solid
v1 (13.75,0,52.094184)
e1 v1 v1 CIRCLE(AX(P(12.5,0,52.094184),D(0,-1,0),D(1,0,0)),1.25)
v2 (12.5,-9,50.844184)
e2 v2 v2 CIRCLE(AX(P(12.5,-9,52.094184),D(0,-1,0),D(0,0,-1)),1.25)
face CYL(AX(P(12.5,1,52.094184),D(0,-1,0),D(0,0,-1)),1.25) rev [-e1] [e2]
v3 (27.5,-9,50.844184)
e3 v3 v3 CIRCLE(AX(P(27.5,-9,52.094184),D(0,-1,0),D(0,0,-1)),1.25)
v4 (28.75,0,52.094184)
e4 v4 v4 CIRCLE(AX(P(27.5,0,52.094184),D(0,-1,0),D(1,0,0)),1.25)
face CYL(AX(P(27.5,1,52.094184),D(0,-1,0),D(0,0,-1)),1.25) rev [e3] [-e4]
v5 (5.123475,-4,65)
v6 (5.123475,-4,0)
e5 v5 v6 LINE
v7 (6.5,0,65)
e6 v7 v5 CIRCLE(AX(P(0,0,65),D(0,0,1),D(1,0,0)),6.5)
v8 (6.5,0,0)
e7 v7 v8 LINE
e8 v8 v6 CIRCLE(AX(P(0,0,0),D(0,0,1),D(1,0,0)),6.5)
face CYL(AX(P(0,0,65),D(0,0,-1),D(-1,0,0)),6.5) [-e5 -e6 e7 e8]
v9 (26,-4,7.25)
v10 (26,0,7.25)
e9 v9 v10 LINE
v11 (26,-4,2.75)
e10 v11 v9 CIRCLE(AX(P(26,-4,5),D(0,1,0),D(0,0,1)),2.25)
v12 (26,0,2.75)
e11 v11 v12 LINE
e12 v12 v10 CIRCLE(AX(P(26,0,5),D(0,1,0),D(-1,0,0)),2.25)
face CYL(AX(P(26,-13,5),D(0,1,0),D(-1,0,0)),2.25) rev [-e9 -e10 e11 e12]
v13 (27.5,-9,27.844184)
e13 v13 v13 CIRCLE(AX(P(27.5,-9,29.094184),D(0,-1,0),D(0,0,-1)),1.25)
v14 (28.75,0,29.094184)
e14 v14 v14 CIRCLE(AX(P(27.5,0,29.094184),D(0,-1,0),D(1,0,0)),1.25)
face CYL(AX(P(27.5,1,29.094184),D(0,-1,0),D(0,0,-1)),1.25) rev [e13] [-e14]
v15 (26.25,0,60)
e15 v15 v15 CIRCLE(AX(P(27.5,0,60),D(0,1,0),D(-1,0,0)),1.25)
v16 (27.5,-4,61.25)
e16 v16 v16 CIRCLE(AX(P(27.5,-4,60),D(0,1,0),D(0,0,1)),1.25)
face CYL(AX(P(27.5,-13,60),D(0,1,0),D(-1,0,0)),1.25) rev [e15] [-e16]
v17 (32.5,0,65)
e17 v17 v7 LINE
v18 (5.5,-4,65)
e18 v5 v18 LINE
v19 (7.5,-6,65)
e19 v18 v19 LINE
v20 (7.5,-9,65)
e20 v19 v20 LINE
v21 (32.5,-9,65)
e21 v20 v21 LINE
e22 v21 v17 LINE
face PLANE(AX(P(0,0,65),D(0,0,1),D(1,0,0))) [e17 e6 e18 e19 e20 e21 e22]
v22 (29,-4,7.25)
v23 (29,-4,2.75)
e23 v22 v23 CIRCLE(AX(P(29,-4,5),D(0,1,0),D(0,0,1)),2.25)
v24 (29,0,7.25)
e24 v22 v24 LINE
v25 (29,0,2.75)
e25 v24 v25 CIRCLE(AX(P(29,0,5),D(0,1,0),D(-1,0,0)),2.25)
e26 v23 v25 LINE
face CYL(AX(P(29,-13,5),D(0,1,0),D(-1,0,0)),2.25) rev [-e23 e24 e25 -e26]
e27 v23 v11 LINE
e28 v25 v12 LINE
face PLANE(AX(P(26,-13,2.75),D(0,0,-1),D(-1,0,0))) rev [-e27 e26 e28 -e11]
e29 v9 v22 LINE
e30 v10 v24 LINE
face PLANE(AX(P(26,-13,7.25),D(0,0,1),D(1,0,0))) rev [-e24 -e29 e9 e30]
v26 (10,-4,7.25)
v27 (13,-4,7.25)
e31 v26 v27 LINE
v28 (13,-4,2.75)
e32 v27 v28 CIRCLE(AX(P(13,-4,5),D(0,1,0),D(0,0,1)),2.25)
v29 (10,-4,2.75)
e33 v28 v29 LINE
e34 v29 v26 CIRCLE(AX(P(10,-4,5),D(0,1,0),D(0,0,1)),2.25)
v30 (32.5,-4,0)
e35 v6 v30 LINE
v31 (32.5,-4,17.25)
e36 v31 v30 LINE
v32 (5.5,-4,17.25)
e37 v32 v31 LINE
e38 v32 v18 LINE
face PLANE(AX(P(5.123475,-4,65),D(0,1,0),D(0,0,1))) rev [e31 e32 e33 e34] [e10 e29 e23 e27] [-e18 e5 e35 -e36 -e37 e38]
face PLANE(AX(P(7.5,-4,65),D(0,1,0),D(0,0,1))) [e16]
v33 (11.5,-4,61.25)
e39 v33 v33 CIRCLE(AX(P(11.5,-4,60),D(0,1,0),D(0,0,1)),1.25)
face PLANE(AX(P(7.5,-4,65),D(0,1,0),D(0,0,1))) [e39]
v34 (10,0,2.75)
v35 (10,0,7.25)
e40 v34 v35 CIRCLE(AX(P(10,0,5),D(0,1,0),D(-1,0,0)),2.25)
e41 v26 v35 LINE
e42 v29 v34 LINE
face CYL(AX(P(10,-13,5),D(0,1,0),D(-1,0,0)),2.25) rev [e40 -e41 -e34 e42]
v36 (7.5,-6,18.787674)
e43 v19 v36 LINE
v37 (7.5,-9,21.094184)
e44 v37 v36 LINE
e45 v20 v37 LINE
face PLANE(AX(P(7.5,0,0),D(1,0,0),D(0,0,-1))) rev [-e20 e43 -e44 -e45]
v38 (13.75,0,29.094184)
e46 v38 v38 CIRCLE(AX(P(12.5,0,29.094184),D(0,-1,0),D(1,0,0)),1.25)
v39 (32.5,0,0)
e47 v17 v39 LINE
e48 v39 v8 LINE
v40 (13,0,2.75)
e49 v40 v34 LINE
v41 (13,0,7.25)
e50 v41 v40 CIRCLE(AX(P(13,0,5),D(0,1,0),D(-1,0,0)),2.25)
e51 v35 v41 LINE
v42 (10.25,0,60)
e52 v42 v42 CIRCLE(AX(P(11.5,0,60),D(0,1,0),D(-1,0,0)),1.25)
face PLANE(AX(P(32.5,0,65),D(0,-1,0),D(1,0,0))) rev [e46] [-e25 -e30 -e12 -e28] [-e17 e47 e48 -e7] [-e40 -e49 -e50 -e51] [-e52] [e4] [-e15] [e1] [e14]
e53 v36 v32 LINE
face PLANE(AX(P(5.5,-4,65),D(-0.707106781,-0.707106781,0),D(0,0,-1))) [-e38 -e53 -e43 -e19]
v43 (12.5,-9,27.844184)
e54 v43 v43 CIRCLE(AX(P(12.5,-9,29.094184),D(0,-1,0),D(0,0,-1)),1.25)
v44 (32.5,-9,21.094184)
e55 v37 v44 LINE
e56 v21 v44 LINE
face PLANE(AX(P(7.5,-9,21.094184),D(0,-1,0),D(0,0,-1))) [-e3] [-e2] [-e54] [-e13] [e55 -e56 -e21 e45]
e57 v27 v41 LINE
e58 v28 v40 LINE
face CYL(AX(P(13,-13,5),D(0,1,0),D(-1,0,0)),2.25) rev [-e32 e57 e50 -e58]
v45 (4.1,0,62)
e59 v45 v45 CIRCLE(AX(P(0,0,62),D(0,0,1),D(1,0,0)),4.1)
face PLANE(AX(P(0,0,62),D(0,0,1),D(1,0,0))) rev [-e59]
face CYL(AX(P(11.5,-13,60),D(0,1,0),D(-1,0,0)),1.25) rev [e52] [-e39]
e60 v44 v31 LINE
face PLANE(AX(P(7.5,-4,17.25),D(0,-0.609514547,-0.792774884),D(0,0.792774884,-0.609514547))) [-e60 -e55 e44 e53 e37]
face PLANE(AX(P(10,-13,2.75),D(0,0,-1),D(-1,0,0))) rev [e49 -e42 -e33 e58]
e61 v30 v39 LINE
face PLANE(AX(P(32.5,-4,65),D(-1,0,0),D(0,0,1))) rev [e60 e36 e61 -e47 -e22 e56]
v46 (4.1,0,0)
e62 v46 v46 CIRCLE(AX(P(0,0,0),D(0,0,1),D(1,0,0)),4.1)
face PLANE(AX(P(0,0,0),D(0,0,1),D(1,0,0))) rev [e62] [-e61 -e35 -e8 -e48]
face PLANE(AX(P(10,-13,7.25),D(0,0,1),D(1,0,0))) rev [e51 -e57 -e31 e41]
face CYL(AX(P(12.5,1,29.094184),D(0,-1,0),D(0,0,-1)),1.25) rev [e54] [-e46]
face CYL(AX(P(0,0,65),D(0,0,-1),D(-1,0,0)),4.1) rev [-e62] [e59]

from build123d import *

# Parameters (mm, degrees)
SKETCH_1_R           = 4.1
EXTRUDE_1_DEPTH      = 65
SKETCH_2_R           = 4.923200542
EXTRUDE_2_DEPTH      = 3
SKETCH_3_R           = 1.25
CUT_EXTRUDE_1_DEPTH  = 13
EXTRUDE_3_DEPTH      = 12.5
EXTRUDE_3_DEPTH_BACK = 12.5
CHAMFER_4_SIZE       = 2
SKETCH_5_R           = 1.25
CUT_EXTRUDE_2_DEPTH  = 10


with BuildPart() as part:
    # Эскиз1 → Бобышка-Вытянуть1 (new body)
    with BuildSketch(Plane.XY):
        with BuildLine():
            Line((5.123475383, -4), (32.5, -4))
            Line((32.5, -4), (32.5, 0))
            Line((32.5, 0), (6.5, 0))
            ThreePointArc((6.5, 0), (-6.146242348, 2.115113473), (5.123475383, -4))
        make_face()
        Circle(SKETCH_1_R, mode=Mode.SUBTRACT)
    extrude(amount=EXTRUDE_1_DEPTH)

    # Эскиз2 → Бобышка-Вытянуть2 (add)
    with BuildSketch(Plane.XY.offset(65)):
        Circle(SKETCH_2_R)
    extrude(amount=-EXTRUDE_2_DEPTH)

    # Эскиз3 → Вырез-Вытянуть1 (cut)
    with BuildSketch(Plane(origin=(0, 0, 0), x_dir=(1, 0, 0), z_dir=(0, 1, 0))):
        with Locations((11.5, -60)):
            Circle(SKETCH_3_R)
        with Locations((27.5, -60)):
            Circle(SKETCH_3_R)
        with BuildLine():
            Line((10, -7.25), (13, -7.25))
            ThreePointArc((13, -7.25), (15.25, -5), (13, -2.75))
            Line((13, -2.75), (10, -2.75))
            ThreePointArc((10, -2.75), (7.75, -5), (10, -7.25))
        make_face()
        with BuildLine():
            Line((26, -2.75), (29, -2.75))
            ThreePointArc((29, -2.75), (31.25, -5), (29, -7.25))
            Line((29, -7.25), (26, -7.25))
            ThreePointArc((26, -7.25), (23.75, -5), (26, -2.75))
        make_face()
    extrude(amount=-CUT_EXTRUDE_1_DEPTH, mode=Mode.SUBTRACT)

    # Эскиз4 → Бобышка-Вытянуть3 (add, two sides: drawn at the far end of the back side and taken through both)
    with BuildSketch(Plane(origin=(20, 0, 0), x_dir=(0, 0, -1), z_dir=(1, 0, 0)).offset(-EXTRUDE_3_DEPTH_BACK)):
        Polygon((-17.25, -4), (-21.094184264, -9), (-65, -9), (-65, -4), align=None)
    extrude(amount=EXTRUDE_3_DEPTH + EXTRUDE_3_DEPTH_BACK)

    # Фаска4
    chamfer_4_edges = [part.edges().sort_by_distance(p)[0] for p in [
        (7.5, -4, 41.125),
    ]]
    chamfer(chamfer_4_edges, length=CHAMFER_4_SIZE)

    # Эскиз5 → Вырез-Вытянуть2 (cut)
    with BuildSketch(Plane.XZ.offset(9)):
        with Locations((27.5, 29.094184264)):
            Circle(SKETCH_5_R)
        with Locations((12.5, 29.094184264)):
            Circle(SKETCH_5_R)
        with Locations((27.5, 52.094184264)):
            Circle(SKETCH_5_R)
        with Locations((12.5, 52.094184264)):
            Circle(SKETCH_5_R)
    extrude(amount=-CUT_EXTRUDE_2_DEPTH, mode=Mode.SUBTRACT)


solid = part.part
